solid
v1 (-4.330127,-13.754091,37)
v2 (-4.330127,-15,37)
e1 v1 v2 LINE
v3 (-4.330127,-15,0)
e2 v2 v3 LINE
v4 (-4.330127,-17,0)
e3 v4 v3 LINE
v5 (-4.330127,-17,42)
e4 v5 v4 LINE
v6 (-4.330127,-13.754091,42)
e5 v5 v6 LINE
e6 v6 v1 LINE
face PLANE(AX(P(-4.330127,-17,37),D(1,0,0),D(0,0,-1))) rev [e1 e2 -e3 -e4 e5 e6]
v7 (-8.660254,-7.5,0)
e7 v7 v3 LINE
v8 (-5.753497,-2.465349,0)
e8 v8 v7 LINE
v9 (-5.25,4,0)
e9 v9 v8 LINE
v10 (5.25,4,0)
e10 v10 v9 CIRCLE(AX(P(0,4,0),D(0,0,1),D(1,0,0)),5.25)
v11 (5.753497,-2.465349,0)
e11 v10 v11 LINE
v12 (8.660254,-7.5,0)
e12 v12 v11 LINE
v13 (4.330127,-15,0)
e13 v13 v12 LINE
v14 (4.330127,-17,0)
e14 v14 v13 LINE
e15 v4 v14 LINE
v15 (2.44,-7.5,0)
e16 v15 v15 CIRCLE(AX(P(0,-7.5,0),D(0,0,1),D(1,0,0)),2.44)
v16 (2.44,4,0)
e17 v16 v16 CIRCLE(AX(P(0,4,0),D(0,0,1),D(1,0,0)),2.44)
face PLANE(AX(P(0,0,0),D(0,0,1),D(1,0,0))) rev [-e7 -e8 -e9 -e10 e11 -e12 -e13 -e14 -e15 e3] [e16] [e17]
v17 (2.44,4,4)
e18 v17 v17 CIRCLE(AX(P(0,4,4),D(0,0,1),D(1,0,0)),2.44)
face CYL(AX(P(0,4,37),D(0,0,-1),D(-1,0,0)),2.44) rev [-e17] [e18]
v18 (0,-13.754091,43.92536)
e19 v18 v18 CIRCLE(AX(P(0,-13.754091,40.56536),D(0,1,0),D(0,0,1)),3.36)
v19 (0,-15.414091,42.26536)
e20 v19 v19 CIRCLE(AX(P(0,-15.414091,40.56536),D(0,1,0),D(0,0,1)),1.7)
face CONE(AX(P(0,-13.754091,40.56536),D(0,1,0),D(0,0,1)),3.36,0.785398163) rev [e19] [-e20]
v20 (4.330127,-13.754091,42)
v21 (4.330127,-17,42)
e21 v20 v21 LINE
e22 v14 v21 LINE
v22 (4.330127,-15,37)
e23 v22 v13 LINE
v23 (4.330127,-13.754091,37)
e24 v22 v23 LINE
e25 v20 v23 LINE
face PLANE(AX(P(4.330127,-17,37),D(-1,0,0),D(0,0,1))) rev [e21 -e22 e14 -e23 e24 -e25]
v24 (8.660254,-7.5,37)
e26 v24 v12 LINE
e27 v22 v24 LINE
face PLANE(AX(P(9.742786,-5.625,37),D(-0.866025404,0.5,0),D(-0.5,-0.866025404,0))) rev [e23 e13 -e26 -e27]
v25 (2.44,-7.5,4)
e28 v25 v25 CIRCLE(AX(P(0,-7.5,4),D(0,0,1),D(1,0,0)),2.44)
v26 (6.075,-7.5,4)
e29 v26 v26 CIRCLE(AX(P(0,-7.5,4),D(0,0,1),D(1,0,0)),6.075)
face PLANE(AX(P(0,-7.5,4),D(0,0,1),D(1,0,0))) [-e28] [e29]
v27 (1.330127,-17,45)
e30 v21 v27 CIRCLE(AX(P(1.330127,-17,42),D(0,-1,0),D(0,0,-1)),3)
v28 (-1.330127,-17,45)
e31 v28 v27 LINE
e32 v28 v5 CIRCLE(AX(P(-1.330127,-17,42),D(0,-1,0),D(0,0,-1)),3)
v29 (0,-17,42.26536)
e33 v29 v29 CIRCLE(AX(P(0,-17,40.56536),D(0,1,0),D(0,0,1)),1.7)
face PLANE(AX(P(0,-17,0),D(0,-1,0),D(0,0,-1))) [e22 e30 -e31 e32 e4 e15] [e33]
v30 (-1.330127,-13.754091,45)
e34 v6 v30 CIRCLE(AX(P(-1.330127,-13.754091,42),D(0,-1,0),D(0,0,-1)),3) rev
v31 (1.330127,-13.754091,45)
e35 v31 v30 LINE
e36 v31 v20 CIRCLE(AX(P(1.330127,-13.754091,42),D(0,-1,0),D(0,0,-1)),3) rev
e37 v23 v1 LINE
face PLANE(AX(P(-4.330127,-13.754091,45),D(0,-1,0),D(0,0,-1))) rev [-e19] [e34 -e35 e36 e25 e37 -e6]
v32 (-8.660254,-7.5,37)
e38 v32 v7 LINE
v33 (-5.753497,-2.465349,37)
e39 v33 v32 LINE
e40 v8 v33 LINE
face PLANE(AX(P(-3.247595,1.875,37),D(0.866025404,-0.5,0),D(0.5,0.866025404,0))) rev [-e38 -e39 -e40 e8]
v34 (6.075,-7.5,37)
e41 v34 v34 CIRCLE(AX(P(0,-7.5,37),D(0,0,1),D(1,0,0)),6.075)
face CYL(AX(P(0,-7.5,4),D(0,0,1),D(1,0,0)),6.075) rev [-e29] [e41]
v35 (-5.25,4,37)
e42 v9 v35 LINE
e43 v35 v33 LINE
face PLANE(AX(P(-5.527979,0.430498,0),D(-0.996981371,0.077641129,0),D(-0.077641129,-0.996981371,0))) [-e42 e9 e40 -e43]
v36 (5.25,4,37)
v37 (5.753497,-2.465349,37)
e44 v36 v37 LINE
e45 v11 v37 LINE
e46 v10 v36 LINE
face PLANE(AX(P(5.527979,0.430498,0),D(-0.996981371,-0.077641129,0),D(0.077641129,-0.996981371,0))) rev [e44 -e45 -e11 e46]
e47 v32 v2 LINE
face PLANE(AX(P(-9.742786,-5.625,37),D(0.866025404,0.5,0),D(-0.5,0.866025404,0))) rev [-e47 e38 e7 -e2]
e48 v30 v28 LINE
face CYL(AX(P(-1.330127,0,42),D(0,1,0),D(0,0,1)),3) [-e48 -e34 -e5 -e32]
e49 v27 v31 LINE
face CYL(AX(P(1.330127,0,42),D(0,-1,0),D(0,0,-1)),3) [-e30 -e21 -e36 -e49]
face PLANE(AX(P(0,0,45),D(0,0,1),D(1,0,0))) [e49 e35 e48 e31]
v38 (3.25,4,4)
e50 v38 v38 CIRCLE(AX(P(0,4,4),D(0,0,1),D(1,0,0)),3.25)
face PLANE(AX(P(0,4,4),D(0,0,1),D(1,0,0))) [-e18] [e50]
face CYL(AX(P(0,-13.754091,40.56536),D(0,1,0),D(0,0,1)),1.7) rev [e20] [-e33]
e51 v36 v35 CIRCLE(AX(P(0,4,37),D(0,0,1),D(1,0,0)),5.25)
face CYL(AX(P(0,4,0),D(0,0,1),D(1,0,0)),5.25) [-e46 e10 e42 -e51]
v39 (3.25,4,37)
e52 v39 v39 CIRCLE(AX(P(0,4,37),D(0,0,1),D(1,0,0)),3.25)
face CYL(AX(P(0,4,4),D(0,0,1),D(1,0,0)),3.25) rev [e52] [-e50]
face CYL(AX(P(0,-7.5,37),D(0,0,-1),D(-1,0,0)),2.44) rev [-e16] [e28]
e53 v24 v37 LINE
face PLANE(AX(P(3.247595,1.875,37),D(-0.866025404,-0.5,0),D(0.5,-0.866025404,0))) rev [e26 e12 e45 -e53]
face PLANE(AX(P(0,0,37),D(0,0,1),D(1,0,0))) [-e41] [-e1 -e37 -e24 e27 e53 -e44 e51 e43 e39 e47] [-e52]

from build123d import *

# Parameters (mm, degrees)
SKETCH1_R           = 2.44
BOSS_EXTRUDE2_DEPTH = 37
SKETCH8_R           = 3.25
SKETCH8_R_2         = 6.075
CUT_EXTRUDE1_DEPTH  = 33
BOSS_EXTRUDE4_DEPTH = 37
SKETCH18_W          = 8.660254038
SKETCH18_H          = 37
BOSS_EXTRUDE5_DEPTH = 2
SKETCH19_W          = 8.660254038
SKETCH19_H          = 3.245908706
BOSS_EXTRUDE6_DEPTH = 8
FILLET4_R           = 3


with BuildPart() as part:
    # Sketch1 → Boss-Extrude2 (new body)
    with BuildSketch(Plane.XY):
        with BuildLine():
            ThreePointArc((3.987455097, 4.316546763), (0, 8), (-3.987455097, 4.316546763))
            Line((-3.987455097, 4.316546763), (-4.330127019, 0))
            Line((-4.330127019, 0), (-8.660254038, -7.5))
            Line((-8.660254038, -7.5), (-4.330127019, -15))
            Line((-4.330127019, -15), (4.330127019, -15))
            Line((4.330127019, -15), (8.660254038, -7.5))
            Line((8.660254038, -7.5), (4.330127019, 0))
            Line((4.330127019, 0), (3.987455097, 4.316546763))
        make_face()
        with Locations((0, 4)):
            Circle(SKETCH1_R, mode=Mode.SUBTRACT)
        with Locations((0, -7.5)):
            Circle(SKETCH1_R, mode=Mode.SUBTRACT)
    extrude(amount=BOSS_EXTRUDE2_DEPTH)

    # Sketch8 → Cut-Extrude1 (cut)
    with BuildSketch(Plane.XY.offset(37)):
        with Locations((0, 4)):
            Circle(SKETCH8_R)
        with Locations((0, -7.5)):
            Circle(SKETCH8_R_2)
    extrude(amount=-CUT_EXTRUDE1_DEPTH, mode=Mode.SUBTRACT)

    # Sketch15 → Boss-Extrude4 (add)
    with BuildSketch(Plane.XY.offset(37)):
        with BuildLine():
            ThreePointArc((5.25, 4), (0, 9.25), (-5.25, 4))
            ThreePointArc((-5.25, 4), (-4.995467041, 2.385128786), (-4.256548938, 0.926843456))
            Line((-4.256548938, 0.926843456), (-3.987455097, 4.316546763))
            ThreePointArc((-3.987455097, 4.316546763), (0, 8), (3.987455097, 4.316546763))
            Line((3.987455097, 4.316546763), (4.256548938, 0.926843456))
            ThreePointArc((4.256548938, 0.926843456), (4.995467041, 2.385128786), (5.25, 4))
        make_face()
        with BuildLine():
            ThreePointArc((-4.256548938, 0.926843456), (-4.995467041, 2.385128786), (-5.25, 4))
            Line((-5.25, 4), (-5.753496857, -2.465348878))
            Line((-5.753496857, -2.465348878), (-4.330127019, 0))
            Line((-4.330127019, 0), (-4.256548938, 0.926843456))
        make_face()
        with BuildLine():
            Line((5.753496857, -2.465348878), (5.25, 4))
            ThreePointArc((5.25, 4), (4.995467041, 2.385128786), (4.256548938, 0.926843456))
            Line((4.256548938, 0.926843456), (4.330127019, 0))
            Line((4.330127019, 0), (5.753496857, -2.465348878))
        make_face()
    extrude(amount=-BOSS_EXTRUDE4_DEPTH)

    # Sketch18 → Boss-Extrude5 (add)
    with BuildSketch(Plane.XZ.offset(15)):
        with Locations((0, 18.5)):
            Rectangle(SKETCH18_W, SKETCH18_H)
    extrude(amount=BOSS_EXTRUDE5_DEPTH)

    # Sketch19 → Boss-Extrude6 (add)
    with BuildSketch(Plane.XY.offset(37)):
        with Locations((0, -15.377045647)):
            Rectangle(SKETCH19_W, SKETCH19_H)
    extrude(amount=BOSS_EXTRUDE6_DEPTH)

    # Fillet4
    fillet4_edges = [part.edges().sort_by_distance(p)[0] for p in [
        (-4.330127019, -15.377045647, 45),
        (4.330127019, -15.377045647, 45),
    ]]
    fillet(fillet4_edges, radius=FILLET4_R)

    # Sketch21 → CSK for M3 Hex Socket Countersunk Cap Screw1 (revolve, cut)
    with BuildSketch(Plane(origin=(0, -13.754091294, 40.565360139), x_dir=(0, 0, 1), z_dir=(1, 0, 0))):
        Polygon((0, 0), (0, 3.245908706), (1.7, 3.245908706), (1.7, 1.66), (3.36, 0), align=None)
    revolve(axis=Axis((0, -7.404091294, 40.565360139), (0, -1, 0)), mode=Mode.SUBTRACT)


solid = part.part
